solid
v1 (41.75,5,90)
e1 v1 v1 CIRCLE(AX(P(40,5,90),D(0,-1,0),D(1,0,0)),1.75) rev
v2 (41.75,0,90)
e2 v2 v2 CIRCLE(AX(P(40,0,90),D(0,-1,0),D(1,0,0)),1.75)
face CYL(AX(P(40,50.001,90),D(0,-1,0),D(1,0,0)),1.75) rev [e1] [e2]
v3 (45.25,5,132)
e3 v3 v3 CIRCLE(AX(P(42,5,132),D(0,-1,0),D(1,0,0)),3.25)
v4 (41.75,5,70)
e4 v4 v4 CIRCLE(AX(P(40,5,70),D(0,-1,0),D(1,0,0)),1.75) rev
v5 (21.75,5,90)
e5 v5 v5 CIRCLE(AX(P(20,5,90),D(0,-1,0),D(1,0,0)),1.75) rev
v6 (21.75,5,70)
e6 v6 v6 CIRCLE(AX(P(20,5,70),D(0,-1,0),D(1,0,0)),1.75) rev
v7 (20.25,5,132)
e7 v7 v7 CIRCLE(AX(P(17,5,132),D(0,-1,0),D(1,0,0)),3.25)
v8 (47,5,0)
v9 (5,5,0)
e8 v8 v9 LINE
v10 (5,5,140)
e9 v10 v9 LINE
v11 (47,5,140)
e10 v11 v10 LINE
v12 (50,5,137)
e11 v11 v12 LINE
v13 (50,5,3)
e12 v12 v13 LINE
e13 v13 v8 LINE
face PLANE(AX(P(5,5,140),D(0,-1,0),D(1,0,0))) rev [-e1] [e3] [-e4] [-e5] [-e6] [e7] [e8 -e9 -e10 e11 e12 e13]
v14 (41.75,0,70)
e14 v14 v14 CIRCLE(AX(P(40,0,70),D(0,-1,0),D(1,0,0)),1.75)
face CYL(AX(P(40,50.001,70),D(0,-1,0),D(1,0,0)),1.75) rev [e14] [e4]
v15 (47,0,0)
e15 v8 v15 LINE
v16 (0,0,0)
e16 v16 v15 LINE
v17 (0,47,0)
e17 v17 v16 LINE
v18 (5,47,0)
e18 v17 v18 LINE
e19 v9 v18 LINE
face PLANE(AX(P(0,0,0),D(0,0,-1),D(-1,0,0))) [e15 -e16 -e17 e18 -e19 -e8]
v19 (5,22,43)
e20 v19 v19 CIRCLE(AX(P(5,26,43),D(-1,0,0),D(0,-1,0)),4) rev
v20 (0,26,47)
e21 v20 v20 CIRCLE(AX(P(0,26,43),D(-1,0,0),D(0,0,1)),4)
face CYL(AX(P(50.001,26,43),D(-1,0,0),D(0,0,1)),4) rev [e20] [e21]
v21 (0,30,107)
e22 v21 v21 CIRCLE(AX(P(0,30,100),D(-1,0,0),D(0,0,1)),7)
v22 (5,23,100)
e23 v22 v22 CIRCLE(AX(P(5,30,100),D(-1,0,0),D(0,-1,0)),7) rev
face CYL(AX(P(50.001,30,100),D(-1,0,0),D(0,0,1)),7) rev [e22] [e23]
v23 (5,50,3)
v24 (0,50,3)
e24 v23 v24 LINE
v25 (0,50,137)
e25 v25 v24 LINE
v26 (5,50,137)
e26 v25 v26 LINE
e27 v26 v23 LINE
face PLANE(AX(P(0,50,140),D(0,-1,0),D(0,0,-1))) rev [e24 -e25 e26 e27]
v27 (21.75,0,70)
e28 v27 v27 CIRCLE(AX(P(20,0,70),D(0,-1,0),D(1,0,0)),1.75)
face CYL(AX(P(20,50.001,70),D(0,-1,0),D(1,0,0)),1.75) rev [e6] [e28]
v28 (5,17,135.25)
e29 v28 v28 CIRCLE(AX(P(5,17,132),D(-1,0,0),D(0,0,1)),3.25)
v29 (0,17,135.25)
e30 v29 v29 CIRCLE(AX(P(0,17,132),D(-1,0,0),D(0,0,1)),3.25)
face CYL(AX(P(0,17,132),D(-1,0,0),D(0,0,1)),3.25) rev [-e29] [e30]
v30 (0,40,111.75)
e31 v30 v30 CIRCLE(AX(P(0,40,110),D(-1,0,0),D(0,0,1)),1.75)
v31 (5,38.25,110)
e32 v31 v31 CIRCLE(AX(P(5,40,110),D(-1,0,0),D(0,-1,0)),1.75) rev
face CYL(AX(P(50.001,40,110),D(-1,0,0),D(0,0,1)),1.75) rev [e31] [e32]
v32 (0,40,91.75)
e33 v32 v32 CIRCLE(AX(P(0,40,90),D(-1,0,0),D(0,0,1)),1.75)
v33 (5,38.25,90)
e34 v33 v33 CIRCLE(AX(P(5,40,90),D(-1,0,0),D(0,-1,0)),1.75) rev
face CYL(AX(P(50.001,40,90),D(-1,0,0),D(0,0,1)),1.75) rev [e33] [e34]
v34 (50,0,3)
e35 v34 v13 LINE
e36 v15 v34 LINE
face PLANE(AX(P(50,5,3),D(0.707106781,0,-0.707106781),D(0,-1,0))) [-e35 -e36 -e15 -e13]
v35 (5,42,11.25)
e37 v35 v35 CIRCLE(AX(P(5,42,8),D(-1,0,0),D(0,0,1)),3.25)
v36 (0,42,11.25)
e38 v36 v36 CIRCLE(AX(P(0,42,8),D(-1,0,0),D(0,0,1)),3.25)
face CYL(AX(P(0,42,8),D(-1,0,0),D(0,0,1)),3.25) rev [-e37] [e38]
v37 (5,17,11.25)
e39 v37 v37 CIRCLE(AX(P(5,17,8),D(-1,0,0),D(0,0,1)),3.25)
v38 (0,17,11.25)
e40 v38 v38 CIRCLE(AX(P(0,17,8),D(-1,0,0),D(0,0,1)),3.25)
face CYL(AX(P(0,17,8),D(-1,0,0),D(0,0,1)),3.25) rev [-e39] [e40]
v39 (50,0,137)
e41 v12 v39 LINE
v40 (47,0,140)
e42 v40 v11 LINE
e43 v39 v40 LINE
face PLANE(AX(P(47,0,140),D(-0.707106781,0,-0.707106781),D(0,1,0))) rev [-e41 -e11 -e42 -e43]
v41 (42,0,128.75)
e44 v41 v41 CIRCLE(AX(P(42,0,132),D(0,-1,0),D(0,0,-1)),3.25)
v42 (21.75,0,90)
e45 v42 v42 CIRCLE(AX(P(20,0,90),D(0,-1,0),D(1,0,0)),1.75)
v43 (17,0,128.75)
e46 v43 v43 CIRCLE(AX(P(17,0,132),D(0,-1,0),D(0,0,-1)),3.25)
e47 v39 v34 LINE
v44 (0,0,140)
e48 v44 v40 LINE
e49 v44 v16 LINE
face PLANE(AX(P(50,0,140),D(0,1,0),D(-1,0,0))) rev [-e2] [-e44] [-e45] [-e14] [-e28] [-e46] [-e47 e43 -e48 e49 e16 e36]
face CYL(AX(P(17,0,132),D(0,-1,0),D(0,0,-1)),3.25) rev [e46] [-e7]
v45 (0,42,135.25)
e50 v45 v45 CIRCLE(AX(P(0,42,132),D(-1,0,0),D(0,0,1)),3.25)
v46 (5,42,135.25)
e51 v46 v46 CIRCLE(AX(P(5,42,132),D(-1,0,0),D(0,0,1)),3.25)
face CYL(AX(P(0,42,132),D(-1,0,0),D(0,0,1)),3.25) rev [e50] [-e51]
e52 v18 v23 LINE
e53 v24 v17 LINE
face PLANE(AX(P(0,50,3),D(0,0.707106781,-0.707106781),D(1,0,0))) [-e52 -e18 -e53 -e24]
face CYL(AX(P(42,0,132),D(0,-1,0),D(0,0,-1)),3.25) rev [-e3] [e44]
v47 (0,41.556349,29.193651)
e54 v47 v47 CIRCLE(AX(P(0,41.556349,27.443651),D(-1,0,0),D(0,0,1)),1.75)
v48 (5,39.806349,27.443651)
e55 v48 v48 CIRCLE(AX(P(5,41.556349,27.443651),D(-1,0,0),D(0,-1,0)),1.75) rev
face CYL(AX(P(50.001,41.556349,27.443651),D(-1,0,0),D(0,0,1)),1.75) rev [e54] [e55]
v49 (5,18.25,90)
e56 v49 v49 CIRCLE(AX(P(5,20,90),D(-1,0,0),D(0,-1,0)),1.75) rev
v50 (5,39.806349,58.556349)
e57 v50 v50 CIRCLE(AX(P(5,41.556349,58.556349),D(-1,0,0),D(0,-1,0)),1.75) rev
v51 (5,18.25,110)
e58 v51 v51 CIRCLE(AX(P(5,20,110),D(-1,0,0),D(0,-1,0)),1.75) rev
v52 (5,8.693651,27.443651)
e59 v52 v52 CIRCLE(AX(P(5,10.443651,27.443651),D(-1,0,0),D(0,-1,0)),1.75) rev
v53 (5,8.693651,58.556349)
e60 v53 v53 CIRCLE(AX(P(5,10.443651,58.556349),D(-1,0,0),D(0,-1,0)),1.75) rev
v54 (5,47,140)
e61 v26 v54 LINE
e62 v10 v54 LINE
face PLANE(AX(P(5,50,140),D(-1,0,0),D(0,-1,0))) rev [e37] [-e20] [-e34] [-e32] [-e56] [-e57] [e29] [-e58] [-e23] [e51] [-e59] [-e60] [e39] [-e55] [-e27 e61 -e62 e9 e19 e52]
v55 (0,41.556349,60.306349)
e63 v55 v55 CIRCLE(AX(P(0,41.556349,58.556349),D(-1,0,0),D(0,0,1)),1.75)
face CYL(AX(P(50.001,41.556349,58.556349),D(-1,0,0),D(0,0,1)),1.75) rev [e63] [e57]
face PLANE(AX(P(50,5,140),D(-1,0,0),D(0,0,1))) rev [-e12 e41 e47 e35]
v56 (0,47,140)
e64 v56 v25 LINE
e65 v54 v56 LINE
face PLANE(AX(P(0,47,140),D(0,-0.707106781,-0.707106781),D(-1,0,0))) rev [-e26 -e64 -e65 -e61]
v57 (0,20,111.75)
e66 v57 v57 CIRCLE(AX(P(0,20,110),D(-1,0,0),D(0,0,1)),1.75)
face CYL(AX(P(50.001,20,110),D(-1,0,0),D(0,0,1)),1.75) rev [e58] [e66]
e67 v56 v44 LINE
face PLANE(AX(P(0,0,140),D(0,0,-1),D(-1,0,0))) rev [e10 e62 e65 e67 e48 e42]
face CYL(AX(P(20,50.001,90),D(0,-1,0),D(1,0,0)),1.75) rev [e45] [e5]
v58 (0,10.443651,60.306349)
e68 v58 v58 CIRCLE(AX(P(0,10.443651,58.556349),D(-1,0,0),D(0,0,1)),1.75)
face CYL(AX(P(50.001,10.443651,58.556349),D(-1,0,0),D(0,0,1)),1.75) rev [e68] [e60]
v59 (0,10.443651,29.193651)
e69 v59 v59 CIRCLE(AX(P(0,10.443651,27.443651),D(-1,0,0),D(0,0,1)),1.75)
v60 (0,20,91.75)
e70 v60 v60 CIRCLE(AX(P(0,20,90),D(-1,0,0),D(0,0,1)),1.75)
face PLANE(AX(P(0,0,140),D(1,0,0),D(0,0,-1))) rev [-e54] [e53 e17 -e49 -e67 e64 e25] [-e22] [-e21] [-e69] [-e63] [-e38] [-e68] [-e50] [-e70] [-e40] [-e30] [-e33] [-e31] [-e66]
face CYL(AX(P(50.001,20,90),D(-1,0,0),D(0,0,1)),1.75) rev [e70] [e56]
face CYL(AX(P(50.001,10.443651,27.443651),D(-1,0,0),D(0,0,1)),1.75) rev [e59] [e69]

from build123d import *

# Parameters (mm, degrees)
ESTRUSIONE_ESTRUSIONE1_DEPTH = 140
FORO_6_5_6_5_1_D             = 6.5
FORO_6_5_6_5_2_AT_2_COUNT    = 2
FORO_6_5_6_5_2_AT_2_PITCH    = 25
TAGLIO_ESTRUSIONE1_REACH     = 158.844
SCHIZZO8_R                   = 1.75
TAGLIO_ESTRUSIONE2_REACH     = 158.844
SCHIZZO9_R                   = 1.75
SCHIZZO9_R_2                 = 7
TAGLIO_ESTRUSIONE4_REACH     = 158.844
SCHIZZO11_R                  = 4
SCHIZZO11_R_2                = 1.75
SMUSSO1_SIZE                 = 3


with BuildPart() as part:
    # Schizzo1 → Estrusione-Estrusione1 (new body)
    with BuildSketch(Plane.XY):
        Polygon((0, 0), (0, 50), (5, 50), (5, 5), (50, 5), (50, 0), align=None)
    extrude(amount=ESTRUSIONE_ESTRUSIONE1_DEPTH)

    # Foro Ø6.5 (6.5)-1 (through all)
    with Locations(Plane(origin=(0, 0, 0), x_dir=(-1, 0, 0), z_dir=(0, -1, 0))):
        with Locations((-17, -132), (-42, -132)):
            Hole(FORO_6_5_6_5_1_D / 2)

    # Schizzo6 → Foro Ø6.5 (6.5)-2 (revolve, cut)
    with BuildSketch(Plane(origin=(0, 42, 132), x_dir=(0, 0, 1), z_dir=(0, 1, 0))):
        Polygon((0, 0), (0, 6.952797012), (3.25, 5), (3.25, 0), align=None)
    foro_6_5_6_5_2 = revolve(axis=Axis((-6.35, 42, 132), (1, 0, 0)), mode=Mode.SUBTRACT)

    # Foro Ø6.5 (6.5)-2 at 2: Foro Ø6.5 (6.5)-2 ×2
    with Locations(*[(0, -i * FORO_6_5_6_5_2_AT_2_PITCH, 0) for i in range(1, FORO_6_5_6_5_2_AT_2_COUNT)]):
        add(foro_6_5_6_5_2, mode=Mode.SUBTRACT)

    # Specchia1: Foro Ø6.5 (6.5)-2 across plane
    add(foro_6_5_6_5_2.mirror(Plane.XY.offset(70)), mode=Mode.SUBTRACT)

    # Specchia1 copy 1 sketch → Specchia1 copy 1 (revolve, cut)
    with BuildSketch(Plane(origin=(0, 17, 8), x_dir=(0, 0, -1), z_dir=(0, 1, 0))):
        Polygon((0, 0), (0, -6.952797012), (3.25, -5), (3.25, 0), align=None)
    revolve(axis=Axis((-6.35, 17, 8), (-1, 0, 0)), mode=Mode.SUBTRACT)

    # Schizzo8 → Taglio-Estrusione1 (cut, up to next)
    with BuildSketch(Plane.XZ, mode=Mode.PRIVATE) as taglio_estrusione1_sk1:
        with Locations((20, 70)):
            Circle(SCHIZZO8_R)
    taglio_estrusione1_tool1 = extrude(taglio_estrusione1_sk1.sketch, amount=-TAGLIO_ESTRUSIONE1_REACH, mode=Mode.PRIVATE) & part.part
    # Schizzo8 → Taglio-Estrusione1 (cut, up to next)
    with BuildSketch(Plane.XZ, mode=Mode.PRIVATE) as taglio_estrusione1_sk2:
        with Locations((20, 90)):
            Circle(SCHIZZO8_R)
    taglio_estrusione1_tool2 = extrude(taglio_estrusione1_sk2.sketch, amount=-TAGLIO_ESTRUSIONE1_REACH, mode=Mode.PRIVATE) & part.part
    # Schizzo8 → Taglio-Estrusione1 (cut, up to next)
    with BuildSketch(Plane.XZ, mode=Mode.PRIVATE) as taglio_estrusione1_sk3:
        with Locations((40, 90)):
            Circle(SCHIZZO8_R)
    taglio_estrusione1_tool3 = extrude(taglio_estrusione1_sk3.sketch, amount=-TAGLIO_ESTRUSIONE1_REACH, mode=Mode.PRIVATE) & part.part
    # Schizzo8 → Taglio-Estrusione1 (cut, up to next)
    with BuildSketch(Plane.XZ, mode=Mode.PRIVATE) as taglio_estrusione1_sk4:
        with Locations((40, 70)):
            Circle(SCHIZZO8_R)
    taglio_estrusione1_tool4 = extrude(taglio_estrusione1_sk4.sketch, amount=-TAGLIO_ESTRUSIONE1_REACH, mode=Mode.PRIVATE) & part.part
    add(taglio_estrusione1_tool1.solids().sort_by_distance((20, 0, 70))[0], mode=Mode.SUBTRACT)
    add(taglio_estrusione1_tool2.solids().sort_by_distance((20, 0, 90))[0], mode=Mode.SUBTRACT)
    add(taglio_estrusione1_tool3.solids().sort_by_distance((40, 0, 90))[0], mode=Mode.SUBTRACT)
    add(taglio_estrusione1_tool4.solids().sort_by_distance((40, 0, 70))[0], mode=Mode.SUBTRACT)

    # Schizzo9 → Taglio-Estrusione2 (cut, up to next)
    with BuildSketch(Plane.ZY, mode=Mode.PRIVATE) as taglio_estrusione2_sk1:
        with Locations((90, 40)):
            Circle(SCHIZZO9_R)
    taglio_estrusione2_tool1 = extrude(taglio_estrusione2_sk1.sketch, amount=-TAGLIO_ESTRUSIONE2_REACH, mode=Mode.PRIVATE) & part.part
    # Schizzo9 → Taglio-Estrusione2 (cut, up to next)
    with BuildSketch(Plane.ZY, mode=Mode.PRIVATE) as taglio_estrusione2_sk2:
        with Locations((110, 40)):
            Circle(SCHIZZO9_R)
    taglio_estrusione2_tool2 = extrude(taglio_estrusione2_sk2.sketch, amount=-TAGLIO_ESTRUSIONE2_REACH, mode=Mode.PRIVATE) & part.part
    # Schizzo9 → Taglio-Estrusione2 (cut, up to next)
    with BuildSketch(Plane.ZY, mode=Mode.PRIVATE) as taglio_estrusione2_sk3:
        with Locations((110, 20)):
            Circle(SCHIZZO9_R)
    taglio_estrusione2_tool3 = extrude(taglio_estrusione2_sk3.sketch, amount=-TAGLIO_ESTRUSIONE2_REACH, mode=Mode.PRIVATE) & part.part
    # Schizzo9 → Taglio-Estrusione2 (cut, up to next)
    with BuildSketch(Plane.ZY, mode=Mode.PRIVATE) as taglio_estrusione2_sk4:
        with Locations((90, 20)):
            Circle(SCHIZZO9_R)
    taglio_estrusione2_tool4 = extrude(taglio_estrusione2_sk4.sketch, amount=-TAGLIO_ESTRUSIONE2_REACH, mode=Mode.PRIVATE) & part.part
    # Schizzo9 → Taglio-Estrusione2 (cut, up to next)
    with BuildSketch(Plane.ZY, mode=Mode.PRIVATE) as taglio_estrusione2_sk5:
        with Locations((100, 30)):
            Circle(SCHIZZO9_R_2)
    taglio_estrusione2_tool5 = extrude(taglio_estrusione2_sk5.sketch, amount=-TAGLIO_ESTRUSIONE2_REACH, mode=Mode.PRIVATE) & part.part
    add(taglio_estrusione2_tool1.solids().sort_by_distance((0, 40, 90))[0], mode=Mode.SUBTRACT)
    add(taglio_estrusione2_tool2.solids().sort_by_distance((0, 40, 110))[0], mode=Mode.SUBTRACT)
    add(taglio_estrusione2_tool3.solids().sort_by_distance((0, 20, 110))[0], mode=Mode.SUBTRACT)
    add(taglio_estrusione2_tool4.solids().sort_by_distance((0, 20, 90))[0], mode=Mode.SUBTRACT)
    add(taglio_estrusione2_tool5.solids().sort_by_distance((0, 30, 100))[0], mode=Mode.SUBTRACT)

    # Schizzo11 → Taglio-Estrusione4 (cut, up to next)
    with BuildSketch(Plane.ZY, mode=Mode.PRIVATE) as taglio_estrusione4_sk1:
        with Locations((43, 26)):
            Circle(SCHIZZO11_R)
    taglio_estrusione4_tool1 = extrude(taglio_estrusione4_sk1.sketch, amount=-TAGLIO_ESTRUSIONE4_REACH, mode=Mode.PRIVATE) & part.part
    # Schizzo11 → Taglio-Estrusione4 (cut, up to next)
    with BuildSketch(Plane.ZY, mode=Mode.PRIVATE) as taglio_estrusione4_sk2:
        with Locations((58.556349186, 41.556349186)):
            Circle(SCHIZZO11_R_2)
    taglio_estrusione4_tool2 = extrude(taglio_estrusione4_sk2.sketch, amount=-TAGLIO_ESTRUSIONE4_REACH, mode=Mode.PRIVATE) & part.part
    # Schizzo11 → Taglio-Estrusione4 (cut, up to next)
    with BuildSketch(Plane.ZY, mode=Mode.PRIVATE) as taglio_estrusione4_sk3:
        with Locations((58.556349186, 10.443650814)):
            Circle(SCHIZZO11_R_2)
    taglio_estrusione4_tool3 = extrude(taglio_estrusione4_sk3.sketch, amount=-TAGLIO_ESTRUSIONE4_REACH, mode=Mode.PRIVATE) & part.part
    # Schizzo11 → Taglio-Estrusione4 (cut, up to next)
    with BuildSketch(Plane.ZY, mode=Mode.PRIVATE) as taglio_estrusione4_sk4:
        with Locations((27.443650814, 10.443650814)):
            Circle(SCHIZZO11_R_2)
    taglio_estrusione4_tool4 = extrude(taglio_estrusione4_sk4.sketch, amount=-TAGLIO_ESTRUSIONE4_REACH, mode=Mode.PRIVATE) & part.part
    # Schizzo11 → Taglio-Estrusione4 (cut, up to next)
    with BuildSketch(Plane.ZY, mode=Mode.PRIVATE) as taglio_estrusione4_sk5:
        with Locations((27.443650814, 41.556349186)):
            Circle(SCHIZZO11_R_2)
    taglio_estrusione4_tool5 = extrude(taglio_estrusione4_sk5.sketch, amount=-TAGLIO_ESTRUSIONE4_REACH, mode=Mode.PRIVATE) & part.part
    add(taglio_estrusione4_tool1.solids().sort_by_distance((0, 26, 43))[0], mode=Mode.SUBTRACT)
    add(taglio_estrusione4_tool2.solids().sort_by_distance((0, 41.556349, 58.556349))[0], mode=Mode.SUBTRACT)
    add(taglio_estrusione4_tool3.solids().sort_by_distance((0, 10.443651, 58.556349))[0], mode=Mode.SUBTRACT)
    add(taglio_estrusione4_tool4.solids().sort_by_distance((0, 10.443651, 27.443651))[0], mode=Mode.SUBTRACT)
    add(taglio_estrusione4_tool5.solids().sort_by_distance((0, 41.556349, 27.443651))[0], mode=Mode.SUBTRACT)

    # Smusso1
    smusso1_edges = [part.edges().sort_by_distance(p)[0] for p in [
        (2.5, 50, 140),
        (2.5, 50, 0),
        (50, 2.5, 140),
        (50, 2.5, 0),
    ]]
    chamfer(smusso1_edges, length=SMUSSO1_SIZE)


solid = part.part
